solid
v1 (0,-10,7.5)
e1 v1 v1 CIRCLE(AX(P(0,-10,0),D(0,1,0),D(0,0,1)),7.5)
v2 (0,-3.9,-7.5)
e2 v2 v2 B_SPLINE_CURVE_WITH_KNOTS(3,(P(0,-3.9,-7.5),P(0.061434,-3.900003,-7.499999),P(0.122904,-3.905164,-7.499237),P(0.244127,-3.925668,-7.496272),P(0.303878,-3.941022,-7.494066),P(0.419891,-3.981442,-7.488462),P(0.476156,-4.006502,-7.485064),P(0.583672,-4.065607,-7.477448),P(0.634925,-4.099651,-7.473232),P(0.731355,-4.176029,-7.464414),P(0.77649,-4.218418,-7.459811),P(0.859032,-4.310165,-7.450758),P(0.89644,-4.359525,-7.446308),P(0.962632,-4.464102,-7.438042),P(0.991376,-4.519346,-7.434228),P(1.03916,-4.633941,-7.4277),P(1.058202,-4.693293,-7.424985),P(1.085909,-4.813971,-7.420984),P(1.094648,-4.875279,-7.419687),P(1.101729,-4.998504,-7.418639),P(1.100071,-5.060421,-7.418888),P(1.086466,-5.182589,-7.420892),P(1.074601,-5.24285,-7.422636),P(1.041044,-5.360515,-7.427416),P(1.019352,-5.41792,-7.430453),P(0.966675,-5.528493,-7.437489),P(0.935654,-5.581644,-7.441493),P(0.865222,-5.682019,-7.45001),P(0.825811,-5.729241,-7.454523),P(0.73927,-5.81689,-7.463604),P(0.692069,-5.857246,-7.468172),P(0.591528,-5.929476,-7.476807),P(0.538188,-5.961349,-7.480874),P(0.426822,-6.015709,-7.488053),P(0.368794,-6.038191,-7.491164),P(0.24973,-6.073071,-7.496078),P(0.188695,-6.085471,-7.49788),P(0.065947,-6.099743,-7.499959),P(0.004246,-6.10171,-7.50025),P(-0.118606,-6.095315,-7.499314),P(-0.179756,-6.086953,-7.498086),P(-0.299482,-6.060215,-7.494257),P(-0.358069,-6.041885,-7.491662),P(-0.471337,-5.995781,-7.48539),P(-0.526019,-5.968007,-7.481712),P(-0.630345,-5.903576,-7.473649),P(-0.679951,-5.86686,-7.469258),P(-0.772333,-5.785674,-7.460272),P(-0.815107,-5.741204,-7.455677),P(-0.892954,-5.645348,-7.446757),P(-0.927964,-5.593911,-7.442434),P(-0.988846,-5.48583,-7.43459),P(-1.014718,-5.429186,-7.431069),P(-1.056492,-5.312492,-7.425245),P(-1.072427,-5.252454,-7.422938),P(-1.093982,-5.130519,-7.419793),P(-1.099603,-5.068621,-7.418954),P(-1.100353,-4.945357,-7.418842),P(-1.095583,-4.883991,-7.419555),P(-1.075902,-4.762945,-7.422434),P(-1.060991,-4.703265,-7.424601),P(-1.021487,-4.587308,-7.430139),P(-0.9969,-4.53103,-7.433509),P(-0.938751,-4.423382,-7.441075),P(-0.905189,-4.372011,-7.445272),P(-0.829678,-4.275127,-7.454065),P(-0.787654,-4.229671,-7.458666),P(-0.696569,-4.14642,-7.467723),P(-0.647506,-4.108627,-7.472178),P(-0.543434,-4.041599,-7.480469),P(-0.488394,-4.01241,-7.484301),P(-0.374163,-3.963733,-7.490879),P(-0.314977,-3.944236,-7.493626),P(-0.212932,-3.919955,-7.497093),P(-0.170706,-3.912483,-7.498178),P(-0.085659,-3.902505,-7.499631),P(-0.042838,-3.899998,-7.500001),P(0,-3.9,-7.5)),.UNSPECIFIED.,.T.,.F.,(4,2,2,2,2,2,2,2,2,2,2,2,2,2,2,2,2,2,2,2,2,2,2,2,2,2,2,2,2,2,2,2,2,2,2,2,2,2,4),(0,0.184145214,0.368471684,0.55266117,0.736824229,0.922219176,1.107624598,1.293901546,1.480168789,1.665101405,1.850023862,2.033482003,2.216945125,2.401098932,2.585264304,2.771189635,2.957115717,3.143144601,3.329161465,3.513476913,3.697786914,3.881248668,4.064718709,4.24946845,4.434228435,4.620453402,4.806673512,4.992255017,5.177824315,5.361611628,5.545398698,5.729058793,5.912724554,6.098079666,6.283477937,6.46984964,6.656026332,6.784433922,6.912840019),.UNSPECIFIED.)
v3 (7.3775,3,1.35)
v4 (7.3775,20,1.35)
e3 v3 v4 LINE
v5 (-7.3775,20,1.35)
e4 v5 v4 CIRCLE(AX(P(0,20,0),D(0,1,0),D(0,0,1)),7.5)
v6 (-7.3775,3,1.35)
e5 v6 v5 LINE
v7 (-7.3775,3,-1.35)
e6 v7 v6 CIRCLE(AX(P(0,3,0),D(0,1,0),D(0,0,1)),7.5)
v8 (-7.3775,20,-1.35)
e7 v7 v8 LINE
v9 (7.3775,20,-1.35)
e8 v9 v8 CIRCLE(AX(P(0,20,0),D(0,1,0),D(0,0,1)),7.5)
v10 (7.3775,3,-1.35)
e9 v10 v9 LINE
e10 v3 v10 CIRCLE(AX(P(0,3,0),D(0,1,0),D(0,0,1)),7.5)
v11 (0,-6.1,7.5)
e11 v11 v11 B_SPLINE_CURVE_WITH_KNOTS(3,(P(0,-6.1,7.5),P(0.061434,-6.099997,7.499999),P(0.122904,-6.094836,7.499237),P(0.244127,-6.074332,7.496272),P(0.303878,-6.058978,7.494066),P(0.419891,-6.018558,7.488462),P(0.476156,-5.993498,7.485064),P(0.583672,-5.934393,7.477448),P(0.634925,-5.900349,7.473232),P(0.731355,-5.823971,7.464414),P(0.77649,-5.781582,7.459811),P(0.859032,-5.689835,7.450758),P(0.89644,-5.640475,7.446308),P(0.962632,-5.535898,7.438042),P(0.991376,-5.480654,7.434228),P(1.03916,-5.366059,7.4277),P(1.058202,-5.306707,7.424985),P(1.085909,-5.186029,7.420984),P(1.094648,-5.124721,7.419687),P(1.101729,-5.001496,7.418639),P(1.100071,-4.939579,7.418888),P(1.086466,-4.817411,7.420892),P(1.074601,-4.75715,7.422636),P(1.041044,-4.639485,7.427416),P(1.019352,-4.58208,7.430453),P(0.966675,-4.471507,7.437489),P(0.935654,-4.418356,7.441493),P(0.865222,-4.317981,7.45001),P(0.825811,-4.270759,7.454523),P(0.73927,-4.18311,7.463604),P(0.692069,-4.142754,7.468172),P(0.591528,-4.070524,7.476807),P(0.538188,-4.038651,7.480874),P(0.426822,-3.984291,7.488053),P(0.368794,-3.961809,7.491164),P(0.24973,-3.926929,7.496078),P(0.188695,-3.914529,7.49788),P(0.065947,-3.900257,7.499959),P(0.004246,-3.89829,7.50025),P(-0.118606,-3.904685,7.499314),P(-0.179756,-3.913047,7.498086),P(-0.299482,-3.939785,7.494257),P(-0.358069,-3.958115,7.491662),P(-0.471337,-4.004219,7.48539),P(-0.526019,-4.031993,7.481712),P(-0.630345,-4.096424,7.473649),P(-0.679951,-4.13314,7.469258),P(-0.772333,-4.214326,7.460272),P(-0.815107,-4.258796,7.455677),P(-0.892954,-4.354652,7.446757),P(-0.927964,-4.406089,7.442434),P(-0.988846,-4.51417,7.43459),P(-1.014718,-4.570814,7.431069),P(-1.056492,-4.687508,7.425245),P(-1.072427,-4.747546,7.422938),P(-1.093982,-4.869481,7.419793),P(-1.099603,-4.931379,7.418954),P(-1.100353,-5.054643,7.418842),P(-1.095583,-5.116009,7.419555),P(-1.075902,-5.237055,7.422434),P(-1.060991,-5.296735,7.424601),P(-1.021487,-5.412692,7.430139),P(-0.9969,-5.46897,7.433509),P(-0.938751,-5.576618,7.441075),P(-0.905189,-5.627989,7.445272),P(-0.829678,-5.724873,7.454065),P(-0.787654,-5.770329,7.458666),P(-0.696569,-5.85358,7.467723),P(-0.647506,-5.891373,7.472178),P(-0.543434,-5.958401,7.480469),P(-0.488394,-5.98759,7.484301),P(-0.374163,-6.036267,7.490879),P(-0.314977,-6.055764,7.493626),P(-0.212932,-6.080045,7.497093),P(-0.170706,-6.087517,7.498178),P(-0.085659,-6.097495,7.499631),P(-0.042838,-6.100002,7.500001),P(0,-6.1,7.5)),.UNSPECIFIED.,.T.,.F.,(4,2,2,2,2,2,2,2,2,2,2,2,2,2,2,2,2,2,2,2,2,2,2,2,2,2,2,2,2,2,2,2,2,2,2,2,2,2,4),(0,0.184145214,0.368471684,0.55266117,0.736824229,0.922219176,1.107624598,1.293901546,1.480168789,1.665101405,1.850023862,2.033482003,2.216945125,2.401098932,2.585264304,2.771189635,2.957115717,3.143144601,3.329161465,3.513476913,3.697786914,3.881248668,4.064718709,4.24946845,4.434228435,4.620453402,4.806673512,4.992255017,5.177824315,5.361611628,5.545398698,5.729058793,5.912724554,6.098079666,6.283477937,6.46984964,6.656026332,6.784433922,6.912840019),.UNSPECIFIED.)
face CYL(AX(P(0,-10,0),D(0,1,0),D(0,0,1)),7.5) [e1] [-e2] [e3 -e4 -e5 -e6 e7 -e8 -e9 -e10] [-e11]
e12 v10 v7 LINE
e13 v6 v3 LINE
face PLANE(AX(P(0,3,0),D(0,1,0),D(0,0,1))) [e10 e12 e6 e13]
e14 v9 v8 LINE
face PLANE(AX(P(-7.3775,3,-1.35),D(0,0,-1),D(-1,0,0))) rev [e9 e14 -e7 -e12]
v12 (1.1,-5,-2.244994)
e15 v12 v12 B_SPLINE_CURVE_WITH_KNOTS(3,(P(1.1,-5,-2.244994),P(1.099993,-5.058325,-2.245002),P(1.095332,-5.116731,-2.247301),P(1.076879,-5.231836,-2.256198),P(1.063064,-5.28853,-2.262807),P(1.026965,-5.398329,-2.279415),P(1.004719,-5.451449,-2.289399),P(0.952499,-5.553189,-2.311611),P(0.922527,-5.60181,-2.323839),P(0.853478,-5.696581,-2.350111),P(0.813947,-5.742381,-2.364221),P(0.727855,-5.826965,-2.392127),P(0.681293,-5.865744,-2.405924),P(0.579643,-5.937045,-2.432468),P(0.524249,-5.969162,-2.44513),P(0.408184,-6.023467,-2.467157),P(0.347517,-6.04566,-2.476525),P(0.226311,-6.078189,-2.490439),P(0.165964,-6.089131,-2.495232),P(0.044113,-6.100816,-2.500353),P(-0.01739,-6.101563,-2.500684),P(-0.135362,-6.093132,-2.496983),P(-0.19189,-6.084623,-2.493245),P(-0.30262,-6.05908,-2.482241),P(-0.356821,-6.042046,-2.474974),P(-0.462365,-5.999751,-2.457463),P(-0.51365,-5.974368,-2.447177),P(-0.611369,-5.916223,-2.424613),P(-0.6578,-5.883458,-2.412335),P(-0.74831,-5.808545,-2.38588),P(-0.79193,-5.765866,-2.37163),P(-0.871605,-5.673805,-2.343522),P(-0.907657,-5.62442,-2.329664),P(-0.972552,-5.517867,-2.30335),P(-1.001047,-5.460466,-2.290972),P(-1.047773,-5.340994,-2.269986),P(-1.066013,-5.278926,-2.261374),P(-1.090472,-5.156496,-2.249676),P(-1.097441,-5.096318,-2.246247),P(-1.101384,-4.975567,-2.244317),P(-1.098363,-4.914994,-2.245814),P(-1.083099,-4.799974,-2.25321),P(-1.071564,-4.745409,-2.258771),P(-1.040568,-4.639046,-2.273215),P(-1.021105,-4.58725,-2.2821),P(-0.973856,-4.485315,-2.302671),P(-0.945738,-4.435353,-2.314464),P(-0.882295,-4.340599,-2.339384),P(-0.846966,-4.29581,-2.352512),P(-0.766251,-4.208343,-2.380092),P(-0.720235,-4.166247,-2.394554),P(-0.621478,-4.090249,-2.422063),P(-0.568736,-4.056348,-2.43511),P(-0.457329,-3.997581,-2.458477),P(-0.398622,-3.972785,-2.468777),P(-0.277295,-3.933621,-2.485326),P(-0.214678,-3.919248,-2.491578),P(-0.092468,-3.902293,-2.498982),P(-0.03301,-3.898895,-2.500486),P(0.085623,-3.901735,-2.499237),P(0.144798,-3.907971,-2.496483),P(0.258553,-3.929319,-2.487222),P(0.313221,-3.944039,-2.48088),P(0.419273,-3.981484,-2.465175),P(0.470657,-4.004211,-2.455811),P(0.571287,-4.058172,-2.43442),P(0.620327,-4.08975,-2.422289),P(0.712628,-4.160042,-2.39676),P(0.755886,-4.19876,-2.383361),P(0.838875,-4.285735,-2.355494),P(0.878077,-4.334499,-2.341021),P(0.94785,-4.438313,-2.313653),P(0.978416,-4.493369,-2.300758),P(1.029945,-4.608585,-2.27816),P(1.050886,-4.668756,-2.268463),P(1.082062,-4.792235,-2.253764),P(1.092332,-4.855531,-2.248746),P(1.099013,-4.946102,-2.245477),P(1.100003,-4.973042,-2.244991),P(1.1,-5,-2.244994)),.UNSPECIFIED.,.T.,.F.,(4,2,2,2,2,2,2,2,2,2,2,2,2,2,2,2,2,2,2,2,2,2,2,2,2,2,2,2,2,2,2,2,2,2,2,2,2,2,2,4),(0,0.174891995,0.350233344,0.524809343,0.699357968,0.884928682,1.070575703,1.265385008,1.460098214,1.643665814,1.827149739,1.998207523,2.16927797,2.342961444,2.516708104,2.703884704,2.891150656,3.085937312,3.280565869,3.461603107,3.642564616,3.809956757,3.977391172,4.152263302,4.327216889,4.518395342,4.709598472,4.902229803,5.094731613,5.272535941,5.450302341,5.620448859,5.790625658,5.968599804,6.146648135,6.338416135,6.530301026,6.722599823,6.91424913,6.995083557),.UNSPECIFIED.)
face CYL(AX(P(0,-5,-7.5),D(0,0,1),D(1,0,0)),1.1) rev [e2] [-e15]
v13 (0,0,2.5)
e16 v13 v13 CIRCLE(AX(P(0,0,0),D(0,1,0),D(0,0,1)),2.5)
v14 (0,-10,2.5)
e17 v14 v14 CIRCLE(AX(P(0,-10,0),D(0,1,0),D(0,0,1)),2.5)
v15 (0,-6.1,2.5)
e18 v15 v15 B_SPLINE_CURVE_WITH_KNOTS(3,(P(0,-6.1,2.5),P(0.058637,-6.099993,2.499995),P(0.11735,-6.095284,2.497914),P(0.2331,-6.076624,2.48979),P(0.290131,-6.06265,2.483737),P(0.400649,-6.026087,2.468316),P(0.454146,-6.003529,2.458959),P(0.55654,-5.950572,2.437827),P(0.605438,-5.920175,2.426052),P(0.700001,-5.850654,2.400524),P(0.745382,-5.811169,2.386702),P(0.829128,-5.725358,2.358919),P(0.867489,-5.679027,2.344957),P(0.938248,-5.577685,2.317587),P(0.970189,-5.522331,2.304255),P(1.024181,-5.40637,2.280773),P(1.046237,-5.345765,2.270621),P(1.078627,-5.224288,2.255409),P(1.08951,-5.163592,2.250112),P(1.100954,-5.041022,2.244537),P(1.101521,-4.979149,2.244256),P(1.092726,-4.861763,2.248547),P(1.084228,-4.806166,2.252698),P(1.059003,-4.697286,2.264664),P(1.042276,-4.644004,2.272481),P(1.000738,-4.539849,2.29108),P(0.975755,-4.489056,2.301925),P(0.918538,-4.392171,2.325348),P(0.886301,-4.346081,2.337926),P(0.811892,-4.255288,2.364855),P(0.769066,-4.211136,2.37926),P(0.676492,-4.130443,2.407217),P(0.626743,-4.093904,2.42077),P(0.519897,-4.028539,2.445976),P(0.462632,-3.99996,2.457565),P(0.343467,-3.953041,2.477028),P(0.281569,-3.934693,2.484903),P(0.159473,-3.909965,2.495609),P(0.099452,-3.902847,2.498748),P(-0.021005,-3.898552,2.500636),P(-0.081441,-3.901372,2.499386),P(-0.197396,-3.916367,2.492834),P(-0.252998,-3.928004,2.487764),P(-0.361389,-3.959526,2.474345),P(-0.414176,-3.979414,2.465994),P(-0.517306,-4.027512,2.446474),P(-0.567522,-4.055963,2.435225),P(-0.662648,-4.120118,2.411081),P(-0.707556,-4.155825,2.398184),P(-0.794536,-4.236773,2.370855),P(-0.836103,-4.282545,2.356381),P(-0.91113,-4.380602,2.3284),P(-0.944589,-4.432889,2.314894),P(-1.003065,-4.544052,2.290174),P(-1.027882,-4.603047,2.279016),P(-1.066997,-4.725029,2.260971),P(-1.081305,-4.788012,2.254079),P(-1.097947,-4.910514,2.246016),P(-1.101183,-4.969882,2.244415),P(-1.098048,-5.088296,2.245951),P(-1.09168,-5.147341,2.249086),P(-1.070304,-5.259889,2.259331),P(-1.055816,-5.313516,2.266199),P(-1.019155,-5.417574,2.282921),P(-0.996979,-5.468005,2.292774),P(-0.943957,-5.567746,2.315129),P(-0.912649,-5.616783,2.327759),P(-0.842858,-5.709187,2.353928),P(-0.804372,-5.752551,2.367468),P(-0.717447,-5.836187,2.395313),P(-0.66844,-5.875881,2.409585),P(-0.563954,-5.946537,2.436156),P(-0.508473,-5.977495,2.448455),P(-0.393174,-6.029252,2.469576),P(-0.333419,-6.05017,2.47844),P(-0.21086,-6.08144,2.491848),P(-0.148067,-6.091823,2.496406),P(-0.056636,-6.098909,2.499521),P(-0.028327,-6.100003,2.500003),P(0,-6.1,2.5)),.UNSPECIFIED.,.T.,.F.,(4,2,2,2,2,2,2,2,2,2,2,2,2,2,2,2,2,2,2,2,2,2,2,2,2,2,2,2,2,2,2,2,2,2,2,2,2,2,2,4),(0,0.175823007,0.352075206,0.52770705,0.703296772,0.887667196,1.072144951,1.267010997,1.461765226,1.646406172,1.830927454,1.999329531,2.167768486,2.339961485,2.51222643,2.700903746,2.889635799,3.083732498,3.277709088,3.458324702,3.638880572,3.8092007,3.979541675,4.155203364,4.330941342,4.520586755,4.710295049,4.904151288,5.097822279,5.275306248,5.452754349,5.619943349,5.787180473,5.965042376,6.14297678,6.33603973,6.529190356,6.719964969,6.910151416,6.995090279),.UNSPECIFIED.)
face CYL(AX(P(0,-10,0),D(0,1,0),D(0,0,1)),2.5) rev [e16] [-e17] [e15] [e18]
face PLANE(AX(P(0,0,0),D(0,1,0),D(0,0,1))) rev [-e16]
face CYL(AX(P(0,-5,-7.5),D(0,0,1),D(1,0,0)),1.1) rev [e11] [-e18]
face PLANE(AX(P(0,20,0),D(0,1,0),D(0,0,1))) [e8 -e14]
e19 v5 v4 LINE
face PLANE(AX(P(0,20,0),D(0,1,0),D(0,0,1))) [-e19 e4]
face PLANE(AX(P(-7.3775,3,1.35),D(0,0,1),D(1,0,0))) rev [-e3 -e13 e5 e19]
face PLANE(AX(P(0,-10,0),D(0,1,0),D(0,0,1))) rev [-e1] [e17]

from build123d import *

# Parameters (mm, degrees)
SKETCH1_R               = 7.5
SKETCH1_R_2             = 2.5
BOSS_EXTRUDE1_DEPTH     = 10
BOSS_EXTRUDE2_START     = 20
SKETCH1_3_R             = 7.5
BOSS_EXTRUDE2_DEPTH     = 20
CUT_EXTRUDE1_DEPTH      = 17
CUT_EXTRUDE2_DEPTH      = 23.638462845
CUT_EXTRUDE2_DEPTH_BACK = 23.638462845
SKETCH3_R               = 1.1


with BuildPart() as part:
    # Sketch1 → Boss-Extrude1 (new body)
    with BuildSketch(Plane(origin=(0, 0, 0), x_dir=(1, 0, 0), z_dir=(0, 1, 0))):
        Circle(SKETCH1_R)
        Circle(SKETCH1_R_2, mode=Mode.SUBTRACT)
    extrude(amount=-BOSS_EXTRUDE1_DEPTH)

    # Sketch1<3> → Boss-Extrude2 (add)
    with BuildSketch(Plane(origin=(0, 0, 0), x_dir=(1, 0, 0), z_dir=(0, 1, 0)).offset(BOSS_EXTRUDE2_START)):
        Circle(SKETCH1_3_R)
    extrude(amount=-BOSS_EXTRUDE2_DEPTH)

    # Sketch2 → Cut-Extrude1 (cut)
    with BuildSketch(Plane(origin=(0, 20, 0), x_dir=(1, 0, 0), z_dir=(0, 1, 0))):
        with BuildLine():
            Line((-7.377499576, 1.35), (7.377499576, 1.35))
            ThreePointArc((7.377499576, 1.35), (7.5, 0), (7.377499576, -1.35))
            Line((7.377499576, -1.35), (-7.377499576, -1.35))
            ThreePointArc((-7.377499576, -1.35), (-7.5, 0), (-7.377499576, 1.35))
        make_face()
    extrude(amount=-CUT_EXTRUDE1_DEPTH, mode=Mode.SUBTRACT)

    # Sketch3 → Cut-Extrude2 (cut, two sides: drawn at the far end of the back side and taken through both)
    with BuildSketch(Plane.XY.offset(-CUT_EXTRUDE2_DEPTH_BACK)):
        with Locations((0, -5)):
            Circle(SKETCH3_R)
    extrude(amount=CUT_EXTRUDE2_DEPTH + CUT_EXTRUDE2_DEPTH_BACK, mode=Mode.SUBTRACT)


solid = part.part
